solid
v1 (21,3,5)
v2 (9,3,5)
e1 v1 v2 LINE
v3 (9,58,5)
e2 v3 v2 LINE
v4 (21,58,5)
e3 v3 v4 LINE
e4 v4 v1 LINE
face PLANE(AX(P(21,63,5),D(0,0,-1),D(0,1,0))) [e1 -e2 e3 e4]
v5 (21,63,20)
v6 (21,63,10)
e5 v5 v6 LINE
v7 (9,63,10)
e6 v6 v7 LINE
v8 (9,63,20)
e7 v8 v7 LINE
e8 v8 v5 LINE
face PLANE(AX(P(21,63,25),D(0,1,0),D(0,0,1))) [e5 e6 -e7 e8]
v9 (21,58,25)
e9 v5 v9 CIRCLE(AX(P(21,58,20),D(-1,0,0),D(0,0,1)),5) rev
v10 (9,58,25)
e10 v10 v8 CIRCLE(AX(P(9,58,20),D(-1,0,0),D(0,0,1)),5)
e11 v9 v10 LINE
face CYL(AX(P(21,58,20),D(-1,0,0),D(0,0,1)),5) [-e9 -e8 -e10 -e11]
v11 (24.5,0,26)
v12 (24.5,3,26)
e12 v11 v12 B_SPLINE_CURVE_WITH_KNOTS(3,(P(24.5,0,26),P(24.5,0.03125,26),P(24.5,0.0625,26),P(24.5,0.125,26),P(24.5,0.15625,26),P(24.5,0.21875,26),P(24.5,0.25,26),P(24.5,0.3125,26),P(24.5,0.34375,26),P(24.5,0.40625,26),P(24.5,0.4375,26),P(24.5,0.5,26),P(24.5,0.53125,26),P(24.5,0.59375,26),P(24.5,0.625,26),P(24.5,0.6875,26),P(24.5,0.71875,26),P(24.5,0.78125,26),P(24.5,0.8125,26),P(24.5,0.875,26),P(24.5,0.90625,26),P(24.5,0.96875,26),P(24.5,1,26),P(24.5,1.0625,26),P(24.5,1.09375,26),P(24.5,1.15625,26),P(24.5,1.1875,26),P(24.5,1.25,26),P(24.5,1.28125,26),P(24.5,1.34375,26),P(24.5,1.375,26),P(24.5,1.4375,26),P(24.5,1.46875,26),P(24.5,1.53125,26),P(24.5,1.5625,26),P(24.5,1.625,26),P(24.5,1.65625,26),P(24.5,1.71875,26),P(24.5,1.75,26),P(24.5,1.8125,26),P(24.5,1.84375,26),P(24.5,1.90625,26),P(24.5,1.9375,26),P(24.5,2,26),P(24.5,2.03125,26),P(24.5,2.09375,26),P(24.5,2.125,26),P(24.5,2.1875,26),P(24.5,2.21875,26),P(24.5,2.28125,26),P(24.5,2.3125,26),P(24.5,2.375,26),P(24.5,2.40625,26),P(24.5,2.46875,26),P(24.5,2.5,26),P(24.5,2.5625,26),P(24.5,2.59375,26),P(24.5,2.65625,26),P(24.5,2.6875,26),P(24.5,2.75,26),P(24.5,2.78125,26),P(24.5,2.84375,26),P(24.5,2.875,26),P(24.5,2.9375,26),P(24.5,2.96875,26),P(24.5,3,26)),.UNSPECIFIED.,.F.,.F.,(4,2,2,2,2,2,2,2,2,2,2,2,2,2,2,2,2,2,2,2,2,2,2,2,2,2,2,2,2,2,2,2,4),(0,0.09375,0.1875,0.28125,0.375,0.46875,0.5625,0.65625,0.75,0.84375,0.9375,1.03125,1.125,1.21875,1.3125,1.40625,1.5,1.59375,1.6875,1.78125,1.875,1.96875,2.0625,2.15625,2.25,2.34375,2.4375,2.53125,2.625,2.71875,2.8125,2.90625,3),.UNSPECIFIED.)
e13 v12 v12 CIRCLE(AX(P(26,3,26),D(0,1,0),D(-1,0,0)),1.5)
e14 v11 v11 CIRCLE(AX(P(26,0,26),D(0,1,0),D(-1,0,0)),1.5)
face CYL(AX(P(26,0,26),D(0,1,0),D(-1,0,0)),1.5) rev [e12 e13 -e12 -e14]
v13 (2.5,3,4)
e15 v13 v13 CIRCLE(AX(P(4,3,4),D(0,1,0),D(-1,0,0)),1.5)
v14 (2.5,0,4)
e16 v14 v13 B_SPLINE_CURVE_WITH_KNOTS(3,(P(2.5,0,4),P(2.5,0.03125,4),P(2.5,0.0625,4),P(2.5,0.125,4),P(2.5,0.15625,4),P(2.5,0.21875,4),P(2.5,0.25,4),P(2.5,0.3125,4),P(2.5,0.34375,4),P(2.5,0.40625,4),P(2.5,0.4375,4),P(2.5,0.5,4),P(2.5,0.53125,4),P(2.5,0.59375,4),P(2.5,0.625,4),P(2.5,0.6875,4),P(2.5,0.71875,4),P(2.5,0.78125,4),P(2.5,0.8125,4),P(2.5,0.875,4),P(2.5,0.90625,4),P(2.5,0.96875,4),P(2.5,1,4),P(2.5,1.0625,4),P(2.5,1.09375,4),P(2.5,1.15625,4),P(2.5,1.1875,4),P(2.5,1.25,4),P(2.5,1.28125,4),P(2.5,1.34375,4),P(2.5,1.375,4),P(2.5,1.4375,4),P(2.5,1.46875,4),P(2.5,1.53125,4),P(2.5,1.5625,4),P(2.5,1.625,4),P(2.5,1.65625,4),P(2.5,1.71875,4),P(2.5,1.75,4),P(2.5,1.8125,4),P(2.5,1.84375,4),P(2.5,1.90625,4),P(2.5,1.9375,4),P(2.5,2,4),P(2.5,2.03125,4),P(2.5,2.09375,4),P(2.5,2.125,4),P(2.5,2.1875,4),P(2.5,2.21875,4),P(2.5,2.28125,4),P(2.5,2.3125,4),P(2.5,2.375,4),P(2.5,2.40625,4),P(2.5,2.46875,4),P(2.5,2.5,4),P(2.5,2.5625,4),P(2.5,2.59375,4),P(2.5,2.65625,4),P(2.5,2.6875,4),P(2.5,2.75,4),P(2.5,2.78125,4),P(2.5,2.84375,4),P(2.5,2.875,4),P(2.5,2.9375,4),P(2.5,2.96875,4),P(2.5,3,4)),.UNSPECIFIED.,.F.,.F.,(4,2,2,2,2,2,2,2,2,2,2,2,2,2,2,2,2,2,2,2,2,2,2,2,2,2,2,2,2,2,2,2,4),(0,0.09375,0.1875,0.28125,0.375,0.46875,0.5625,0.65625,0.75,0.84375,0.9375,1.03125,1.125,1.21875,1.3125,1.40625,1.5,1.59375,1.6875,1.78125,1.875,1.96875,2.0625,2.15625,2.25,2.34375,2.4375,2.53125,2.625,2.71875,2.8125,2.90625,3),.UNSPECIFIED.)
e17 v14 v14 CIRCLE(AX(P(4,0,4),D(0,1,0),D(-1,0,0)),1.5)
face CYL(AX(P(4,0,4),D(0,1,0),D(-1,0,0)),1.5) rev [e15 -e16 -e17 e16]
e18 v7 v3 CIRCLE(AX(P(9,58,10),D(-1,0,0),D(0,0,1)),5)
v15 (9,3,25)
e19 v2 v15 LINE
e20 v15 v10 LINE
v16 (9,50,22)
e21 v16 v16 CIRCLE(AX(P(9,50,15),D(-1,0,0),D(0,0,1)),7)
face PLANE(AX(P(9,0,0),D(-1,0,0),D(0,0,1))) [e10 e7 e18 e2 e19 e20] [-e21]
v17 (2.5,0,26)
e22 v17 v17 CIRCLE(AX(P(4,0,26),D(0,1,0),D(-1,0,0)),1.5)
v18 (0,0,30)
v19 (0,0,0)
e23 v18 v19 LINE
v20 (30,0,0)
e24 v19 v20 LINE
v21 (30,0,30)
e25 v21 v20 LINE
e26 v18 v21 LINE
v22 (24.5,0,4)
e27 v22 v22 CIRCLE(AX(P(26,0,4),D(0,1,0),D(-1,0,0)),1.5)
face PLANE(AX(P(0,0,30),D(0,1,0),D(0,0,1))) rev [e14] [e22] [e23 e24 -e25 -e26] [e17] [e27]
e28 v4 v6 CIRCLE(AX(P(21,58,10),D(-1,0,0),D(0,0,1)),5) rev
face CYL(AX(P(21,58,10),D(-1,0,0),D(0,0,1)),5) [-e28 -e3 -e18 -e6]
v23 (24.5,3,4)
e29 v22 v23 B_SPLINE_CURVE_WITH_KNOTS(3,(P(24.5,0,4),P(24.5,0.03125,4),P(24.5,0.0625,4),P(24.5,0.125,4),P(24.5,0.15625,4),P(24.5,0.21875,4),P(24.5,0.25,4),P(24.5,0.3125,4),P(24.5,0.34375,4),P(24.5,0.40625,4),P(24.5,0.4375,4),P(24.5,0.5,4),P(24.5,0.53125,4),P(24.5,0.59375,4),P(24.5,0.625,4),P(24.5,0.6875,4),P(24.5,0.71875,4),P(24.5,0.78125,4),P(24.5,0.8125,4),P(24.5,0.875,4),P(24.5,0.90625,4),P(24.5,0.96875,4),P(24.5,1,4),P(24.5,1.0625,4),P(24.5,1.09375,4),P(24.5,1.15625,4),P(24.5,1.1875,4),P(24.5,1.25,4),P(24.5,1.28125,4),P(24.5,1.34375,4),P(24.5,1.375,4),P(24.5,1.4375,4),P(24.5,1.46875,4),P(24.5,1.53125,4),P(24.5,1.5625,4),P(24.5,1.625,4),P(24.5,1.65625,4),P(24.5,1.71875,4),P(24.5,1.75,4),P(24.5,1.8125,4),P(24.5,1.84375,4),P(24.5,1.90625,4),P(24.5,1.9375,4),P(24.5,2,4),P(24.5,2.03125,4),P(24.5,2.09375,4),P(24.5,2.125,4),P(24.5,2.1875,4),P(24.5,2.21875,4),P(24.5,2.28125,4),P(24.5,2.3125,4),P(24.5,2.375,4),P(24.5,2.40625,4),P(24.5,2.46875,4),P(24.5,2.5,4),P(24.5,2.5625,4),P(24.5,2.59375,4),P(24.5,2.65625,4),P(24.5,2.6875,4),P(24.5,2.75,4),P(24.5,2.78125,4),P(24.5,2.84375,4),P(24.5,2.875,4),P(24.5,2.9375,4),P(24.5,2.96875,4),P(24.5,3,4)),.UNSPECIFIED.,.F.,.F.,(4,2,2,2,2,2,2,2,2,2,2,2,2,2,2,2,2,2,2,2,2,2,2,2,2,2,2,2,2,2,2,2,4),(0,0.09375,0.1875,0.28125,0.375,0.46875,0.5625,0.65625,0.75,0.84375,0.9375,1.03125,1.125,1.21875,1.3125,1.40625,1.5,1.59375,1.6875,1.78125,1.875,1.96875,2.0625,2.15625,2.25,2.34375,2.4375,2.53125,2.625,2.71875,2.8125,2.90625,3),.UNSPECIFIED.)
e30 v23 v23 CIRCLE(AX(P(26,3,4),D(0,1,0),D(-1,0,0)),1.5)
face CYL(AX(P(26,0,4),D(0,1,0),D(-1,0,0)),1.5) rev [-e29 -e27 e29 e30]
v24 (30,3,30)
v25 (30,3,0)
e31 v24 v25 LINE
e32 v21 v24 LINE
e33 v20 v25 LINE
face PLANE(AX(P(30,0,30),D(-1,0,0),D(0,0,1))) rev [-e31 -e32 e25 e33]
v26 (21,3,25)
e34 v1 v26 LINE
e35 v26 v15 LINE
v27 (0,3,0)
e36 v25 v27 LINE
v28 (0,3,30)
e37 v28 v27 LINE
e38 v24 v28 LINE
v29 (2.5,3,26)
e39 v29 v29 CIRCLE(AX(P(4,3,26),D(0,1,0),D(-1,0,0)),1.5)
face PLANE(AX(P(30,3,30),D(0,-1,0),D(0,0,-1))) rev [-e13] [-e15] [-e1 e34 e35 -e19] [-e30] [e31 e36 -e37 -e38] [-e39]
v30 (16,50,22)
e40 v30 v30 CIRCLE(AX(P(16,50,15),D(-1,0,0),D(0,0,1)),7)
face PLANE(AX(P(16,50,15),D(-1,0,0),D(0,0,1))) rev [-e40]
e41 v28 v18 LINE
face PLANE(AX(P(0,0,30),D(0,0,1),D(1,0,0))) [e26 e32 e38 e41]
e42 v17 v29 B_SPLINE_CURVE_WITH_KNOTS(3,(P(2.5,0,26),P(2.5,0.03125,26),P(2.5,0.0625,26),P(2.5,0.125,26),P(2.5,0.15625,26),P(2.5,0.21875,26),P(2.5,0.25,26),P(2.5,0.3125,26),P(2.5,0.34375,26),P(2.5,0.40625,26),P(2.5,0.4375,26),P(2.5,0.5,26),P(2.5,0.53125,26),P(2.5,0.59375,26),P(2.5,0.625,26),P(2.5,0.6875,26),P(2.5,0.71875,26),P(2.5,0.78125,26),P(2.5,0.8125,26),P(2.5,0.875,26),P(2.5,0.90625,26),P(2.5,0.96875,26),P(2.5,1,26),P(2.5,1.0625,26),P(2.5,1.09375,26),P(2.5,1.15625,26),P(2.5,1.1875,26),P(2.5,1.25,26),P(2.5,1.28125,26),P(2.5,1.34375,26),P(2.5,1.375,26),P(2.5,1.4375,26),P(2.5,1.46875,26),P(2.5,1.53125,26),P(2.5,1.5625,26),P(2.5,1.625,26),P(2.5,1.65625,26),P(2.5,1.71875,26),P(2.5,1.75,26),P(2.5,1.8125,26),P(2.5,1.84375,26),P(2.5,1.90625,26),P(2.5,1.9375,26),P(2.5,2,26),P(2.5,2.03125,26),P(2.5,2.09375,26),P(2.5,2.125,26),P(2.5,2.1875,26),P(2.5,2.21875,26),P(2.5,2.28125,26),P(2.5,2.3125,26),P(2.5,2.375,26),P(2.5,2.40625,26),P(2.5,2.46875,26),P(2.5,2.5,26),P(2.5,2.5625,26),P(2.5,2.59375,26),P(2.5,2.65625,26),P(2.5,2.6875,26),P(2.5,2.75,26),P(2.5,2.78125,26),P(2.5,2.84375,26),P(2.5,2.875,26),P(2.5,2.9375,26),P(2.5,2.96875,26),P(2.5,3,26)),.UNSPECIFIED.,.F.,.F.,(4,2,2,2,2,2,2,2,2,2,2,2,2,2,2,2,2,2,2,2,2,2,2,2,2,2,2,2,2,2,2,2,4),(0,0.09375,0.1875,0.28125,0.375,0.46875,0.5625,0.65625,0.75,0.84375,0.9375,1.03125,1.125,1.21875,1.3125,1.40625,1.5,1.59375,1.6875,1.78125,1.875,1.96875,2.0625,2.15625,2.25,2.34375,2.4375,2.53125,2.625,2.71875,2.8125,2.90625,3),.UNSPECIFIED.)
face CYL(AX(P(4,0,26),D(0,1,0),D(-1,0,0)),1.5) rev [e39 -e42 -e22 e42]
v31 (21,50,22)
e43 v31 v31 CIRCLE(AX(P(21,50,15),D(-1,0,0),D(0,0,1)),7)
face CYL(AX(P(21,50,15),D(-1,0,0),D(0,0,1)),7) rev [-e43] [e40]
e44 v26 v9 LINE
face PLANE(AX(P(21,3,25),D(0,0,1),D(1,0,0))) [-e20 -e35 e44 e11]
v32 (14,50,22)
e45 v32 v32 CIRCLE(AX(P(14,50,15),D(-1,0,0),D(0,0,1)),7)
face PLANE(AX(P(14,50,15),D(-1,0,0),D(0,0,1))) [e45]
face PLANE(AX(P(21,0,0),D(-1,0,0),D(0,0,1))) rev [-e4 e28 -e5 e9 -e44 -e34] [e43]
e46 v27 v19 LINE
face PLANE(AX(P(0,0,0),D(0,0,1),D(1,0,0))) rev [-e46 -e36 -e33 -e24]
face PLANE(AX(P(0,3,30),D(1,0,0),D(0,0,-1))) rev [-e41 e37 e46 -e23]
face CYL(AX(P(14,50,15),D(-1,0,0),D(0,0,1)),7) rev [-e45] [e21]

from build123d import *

# Parameters (mm, degrees)
SKETCH_4_W          = 30
SKETCH_4_H          = 3
EXTRUDE_3_DEPTH     = 30
EXTRUDE_START       = -9
SKETCH_5_W          = 20
SKETCH_5_H          = 60
EXTRUDE_4_DEPTH     = 12
SKETCH_6_R          = 7
CUT_EXTRUDE_1_DEPTH = 5
CUT_EXTRUDE_START   = -7
SKETCH_6_5_R        = 7
CUT_EXTRUDE_3_DEPTH = 5
SKETCH_7_R          = 1.5
CUT_EXTRUDE_4_DEPTH = 74.484692283
FILLET_1_R          = 5


with BuildPart() as part:
    # 草图4 → 凸台-拉伸3 (new body)
    with BuildSketch(Plane.XY):
        with Locations((15, 1.5)):
            Rectangle(SKETCH_4_W, SKETCH_4_H)
    extrude(amount=EXTRUDE_3_DEPTH)

    # 草图5 → 凸台-拉伸4 (add)
    with BuildSketch(Plane.ZY.offset(EXTRUDE_START)):
        with Locations((15, 33)):
            Rectangle(SKETCH_5_W, SKETCH_5_H)
    extrude(amount=-EXTRUDE_4_DEPTH)

    # 草图6 → 切除-拉伸1 (cut)
    with BuildSketch(Plane.ZY.offset(-9)):
        with Locations((15, 50)):
            Circle(SKETCH_6_R)
    extrude(amount=-CUT_EXTRUDE_1_DEPTH, mode=Mode.SUBTRACT)

    # 草图6<5> → 切除-拉伸3 (cut)
    with BuildSketch(Plane.ZY.offset(-9).offset(CUT_EXTRUDE_START)):
        with Locations((15, 50)):
            Circle(SKETCH_6_5_R)
    extrude(amount=-CUT_EXTRUDE_3_DEPTH, mode=Mode.SUBTRACT)

    # 草图7 → 切除-拉伸4 (cut, through all)
    with BuildSketch(Plane(origin=(0, 3, 0), x_dir=(1, 0, 0), z_dir=(0, 1, 0))):
        with Locations((4, -4)):
            Circle(SKETCH_7_R)
        with Locations((26, -4)):
            Circle(SKETCH_7_R)
        with Locations((26, -26)):
            Circle(SKETCH_7_R)
        with Locations((4, -26)):
            Circle(SKETCH_7_R)
    extrude(amount=-CUT_EXTRUDE_4_DEPTH, mode=Mode.SUBTRACT)

    # 圆角1
    fillet_1_edges = [part.edges().sort_by_distance(p)[0] for p in [
        (15, 63, 25),
        (15, 63, 5),
    ]]
    fillet(fillet_1_edges, radius=FILLET_1_R)


solid = part.part
